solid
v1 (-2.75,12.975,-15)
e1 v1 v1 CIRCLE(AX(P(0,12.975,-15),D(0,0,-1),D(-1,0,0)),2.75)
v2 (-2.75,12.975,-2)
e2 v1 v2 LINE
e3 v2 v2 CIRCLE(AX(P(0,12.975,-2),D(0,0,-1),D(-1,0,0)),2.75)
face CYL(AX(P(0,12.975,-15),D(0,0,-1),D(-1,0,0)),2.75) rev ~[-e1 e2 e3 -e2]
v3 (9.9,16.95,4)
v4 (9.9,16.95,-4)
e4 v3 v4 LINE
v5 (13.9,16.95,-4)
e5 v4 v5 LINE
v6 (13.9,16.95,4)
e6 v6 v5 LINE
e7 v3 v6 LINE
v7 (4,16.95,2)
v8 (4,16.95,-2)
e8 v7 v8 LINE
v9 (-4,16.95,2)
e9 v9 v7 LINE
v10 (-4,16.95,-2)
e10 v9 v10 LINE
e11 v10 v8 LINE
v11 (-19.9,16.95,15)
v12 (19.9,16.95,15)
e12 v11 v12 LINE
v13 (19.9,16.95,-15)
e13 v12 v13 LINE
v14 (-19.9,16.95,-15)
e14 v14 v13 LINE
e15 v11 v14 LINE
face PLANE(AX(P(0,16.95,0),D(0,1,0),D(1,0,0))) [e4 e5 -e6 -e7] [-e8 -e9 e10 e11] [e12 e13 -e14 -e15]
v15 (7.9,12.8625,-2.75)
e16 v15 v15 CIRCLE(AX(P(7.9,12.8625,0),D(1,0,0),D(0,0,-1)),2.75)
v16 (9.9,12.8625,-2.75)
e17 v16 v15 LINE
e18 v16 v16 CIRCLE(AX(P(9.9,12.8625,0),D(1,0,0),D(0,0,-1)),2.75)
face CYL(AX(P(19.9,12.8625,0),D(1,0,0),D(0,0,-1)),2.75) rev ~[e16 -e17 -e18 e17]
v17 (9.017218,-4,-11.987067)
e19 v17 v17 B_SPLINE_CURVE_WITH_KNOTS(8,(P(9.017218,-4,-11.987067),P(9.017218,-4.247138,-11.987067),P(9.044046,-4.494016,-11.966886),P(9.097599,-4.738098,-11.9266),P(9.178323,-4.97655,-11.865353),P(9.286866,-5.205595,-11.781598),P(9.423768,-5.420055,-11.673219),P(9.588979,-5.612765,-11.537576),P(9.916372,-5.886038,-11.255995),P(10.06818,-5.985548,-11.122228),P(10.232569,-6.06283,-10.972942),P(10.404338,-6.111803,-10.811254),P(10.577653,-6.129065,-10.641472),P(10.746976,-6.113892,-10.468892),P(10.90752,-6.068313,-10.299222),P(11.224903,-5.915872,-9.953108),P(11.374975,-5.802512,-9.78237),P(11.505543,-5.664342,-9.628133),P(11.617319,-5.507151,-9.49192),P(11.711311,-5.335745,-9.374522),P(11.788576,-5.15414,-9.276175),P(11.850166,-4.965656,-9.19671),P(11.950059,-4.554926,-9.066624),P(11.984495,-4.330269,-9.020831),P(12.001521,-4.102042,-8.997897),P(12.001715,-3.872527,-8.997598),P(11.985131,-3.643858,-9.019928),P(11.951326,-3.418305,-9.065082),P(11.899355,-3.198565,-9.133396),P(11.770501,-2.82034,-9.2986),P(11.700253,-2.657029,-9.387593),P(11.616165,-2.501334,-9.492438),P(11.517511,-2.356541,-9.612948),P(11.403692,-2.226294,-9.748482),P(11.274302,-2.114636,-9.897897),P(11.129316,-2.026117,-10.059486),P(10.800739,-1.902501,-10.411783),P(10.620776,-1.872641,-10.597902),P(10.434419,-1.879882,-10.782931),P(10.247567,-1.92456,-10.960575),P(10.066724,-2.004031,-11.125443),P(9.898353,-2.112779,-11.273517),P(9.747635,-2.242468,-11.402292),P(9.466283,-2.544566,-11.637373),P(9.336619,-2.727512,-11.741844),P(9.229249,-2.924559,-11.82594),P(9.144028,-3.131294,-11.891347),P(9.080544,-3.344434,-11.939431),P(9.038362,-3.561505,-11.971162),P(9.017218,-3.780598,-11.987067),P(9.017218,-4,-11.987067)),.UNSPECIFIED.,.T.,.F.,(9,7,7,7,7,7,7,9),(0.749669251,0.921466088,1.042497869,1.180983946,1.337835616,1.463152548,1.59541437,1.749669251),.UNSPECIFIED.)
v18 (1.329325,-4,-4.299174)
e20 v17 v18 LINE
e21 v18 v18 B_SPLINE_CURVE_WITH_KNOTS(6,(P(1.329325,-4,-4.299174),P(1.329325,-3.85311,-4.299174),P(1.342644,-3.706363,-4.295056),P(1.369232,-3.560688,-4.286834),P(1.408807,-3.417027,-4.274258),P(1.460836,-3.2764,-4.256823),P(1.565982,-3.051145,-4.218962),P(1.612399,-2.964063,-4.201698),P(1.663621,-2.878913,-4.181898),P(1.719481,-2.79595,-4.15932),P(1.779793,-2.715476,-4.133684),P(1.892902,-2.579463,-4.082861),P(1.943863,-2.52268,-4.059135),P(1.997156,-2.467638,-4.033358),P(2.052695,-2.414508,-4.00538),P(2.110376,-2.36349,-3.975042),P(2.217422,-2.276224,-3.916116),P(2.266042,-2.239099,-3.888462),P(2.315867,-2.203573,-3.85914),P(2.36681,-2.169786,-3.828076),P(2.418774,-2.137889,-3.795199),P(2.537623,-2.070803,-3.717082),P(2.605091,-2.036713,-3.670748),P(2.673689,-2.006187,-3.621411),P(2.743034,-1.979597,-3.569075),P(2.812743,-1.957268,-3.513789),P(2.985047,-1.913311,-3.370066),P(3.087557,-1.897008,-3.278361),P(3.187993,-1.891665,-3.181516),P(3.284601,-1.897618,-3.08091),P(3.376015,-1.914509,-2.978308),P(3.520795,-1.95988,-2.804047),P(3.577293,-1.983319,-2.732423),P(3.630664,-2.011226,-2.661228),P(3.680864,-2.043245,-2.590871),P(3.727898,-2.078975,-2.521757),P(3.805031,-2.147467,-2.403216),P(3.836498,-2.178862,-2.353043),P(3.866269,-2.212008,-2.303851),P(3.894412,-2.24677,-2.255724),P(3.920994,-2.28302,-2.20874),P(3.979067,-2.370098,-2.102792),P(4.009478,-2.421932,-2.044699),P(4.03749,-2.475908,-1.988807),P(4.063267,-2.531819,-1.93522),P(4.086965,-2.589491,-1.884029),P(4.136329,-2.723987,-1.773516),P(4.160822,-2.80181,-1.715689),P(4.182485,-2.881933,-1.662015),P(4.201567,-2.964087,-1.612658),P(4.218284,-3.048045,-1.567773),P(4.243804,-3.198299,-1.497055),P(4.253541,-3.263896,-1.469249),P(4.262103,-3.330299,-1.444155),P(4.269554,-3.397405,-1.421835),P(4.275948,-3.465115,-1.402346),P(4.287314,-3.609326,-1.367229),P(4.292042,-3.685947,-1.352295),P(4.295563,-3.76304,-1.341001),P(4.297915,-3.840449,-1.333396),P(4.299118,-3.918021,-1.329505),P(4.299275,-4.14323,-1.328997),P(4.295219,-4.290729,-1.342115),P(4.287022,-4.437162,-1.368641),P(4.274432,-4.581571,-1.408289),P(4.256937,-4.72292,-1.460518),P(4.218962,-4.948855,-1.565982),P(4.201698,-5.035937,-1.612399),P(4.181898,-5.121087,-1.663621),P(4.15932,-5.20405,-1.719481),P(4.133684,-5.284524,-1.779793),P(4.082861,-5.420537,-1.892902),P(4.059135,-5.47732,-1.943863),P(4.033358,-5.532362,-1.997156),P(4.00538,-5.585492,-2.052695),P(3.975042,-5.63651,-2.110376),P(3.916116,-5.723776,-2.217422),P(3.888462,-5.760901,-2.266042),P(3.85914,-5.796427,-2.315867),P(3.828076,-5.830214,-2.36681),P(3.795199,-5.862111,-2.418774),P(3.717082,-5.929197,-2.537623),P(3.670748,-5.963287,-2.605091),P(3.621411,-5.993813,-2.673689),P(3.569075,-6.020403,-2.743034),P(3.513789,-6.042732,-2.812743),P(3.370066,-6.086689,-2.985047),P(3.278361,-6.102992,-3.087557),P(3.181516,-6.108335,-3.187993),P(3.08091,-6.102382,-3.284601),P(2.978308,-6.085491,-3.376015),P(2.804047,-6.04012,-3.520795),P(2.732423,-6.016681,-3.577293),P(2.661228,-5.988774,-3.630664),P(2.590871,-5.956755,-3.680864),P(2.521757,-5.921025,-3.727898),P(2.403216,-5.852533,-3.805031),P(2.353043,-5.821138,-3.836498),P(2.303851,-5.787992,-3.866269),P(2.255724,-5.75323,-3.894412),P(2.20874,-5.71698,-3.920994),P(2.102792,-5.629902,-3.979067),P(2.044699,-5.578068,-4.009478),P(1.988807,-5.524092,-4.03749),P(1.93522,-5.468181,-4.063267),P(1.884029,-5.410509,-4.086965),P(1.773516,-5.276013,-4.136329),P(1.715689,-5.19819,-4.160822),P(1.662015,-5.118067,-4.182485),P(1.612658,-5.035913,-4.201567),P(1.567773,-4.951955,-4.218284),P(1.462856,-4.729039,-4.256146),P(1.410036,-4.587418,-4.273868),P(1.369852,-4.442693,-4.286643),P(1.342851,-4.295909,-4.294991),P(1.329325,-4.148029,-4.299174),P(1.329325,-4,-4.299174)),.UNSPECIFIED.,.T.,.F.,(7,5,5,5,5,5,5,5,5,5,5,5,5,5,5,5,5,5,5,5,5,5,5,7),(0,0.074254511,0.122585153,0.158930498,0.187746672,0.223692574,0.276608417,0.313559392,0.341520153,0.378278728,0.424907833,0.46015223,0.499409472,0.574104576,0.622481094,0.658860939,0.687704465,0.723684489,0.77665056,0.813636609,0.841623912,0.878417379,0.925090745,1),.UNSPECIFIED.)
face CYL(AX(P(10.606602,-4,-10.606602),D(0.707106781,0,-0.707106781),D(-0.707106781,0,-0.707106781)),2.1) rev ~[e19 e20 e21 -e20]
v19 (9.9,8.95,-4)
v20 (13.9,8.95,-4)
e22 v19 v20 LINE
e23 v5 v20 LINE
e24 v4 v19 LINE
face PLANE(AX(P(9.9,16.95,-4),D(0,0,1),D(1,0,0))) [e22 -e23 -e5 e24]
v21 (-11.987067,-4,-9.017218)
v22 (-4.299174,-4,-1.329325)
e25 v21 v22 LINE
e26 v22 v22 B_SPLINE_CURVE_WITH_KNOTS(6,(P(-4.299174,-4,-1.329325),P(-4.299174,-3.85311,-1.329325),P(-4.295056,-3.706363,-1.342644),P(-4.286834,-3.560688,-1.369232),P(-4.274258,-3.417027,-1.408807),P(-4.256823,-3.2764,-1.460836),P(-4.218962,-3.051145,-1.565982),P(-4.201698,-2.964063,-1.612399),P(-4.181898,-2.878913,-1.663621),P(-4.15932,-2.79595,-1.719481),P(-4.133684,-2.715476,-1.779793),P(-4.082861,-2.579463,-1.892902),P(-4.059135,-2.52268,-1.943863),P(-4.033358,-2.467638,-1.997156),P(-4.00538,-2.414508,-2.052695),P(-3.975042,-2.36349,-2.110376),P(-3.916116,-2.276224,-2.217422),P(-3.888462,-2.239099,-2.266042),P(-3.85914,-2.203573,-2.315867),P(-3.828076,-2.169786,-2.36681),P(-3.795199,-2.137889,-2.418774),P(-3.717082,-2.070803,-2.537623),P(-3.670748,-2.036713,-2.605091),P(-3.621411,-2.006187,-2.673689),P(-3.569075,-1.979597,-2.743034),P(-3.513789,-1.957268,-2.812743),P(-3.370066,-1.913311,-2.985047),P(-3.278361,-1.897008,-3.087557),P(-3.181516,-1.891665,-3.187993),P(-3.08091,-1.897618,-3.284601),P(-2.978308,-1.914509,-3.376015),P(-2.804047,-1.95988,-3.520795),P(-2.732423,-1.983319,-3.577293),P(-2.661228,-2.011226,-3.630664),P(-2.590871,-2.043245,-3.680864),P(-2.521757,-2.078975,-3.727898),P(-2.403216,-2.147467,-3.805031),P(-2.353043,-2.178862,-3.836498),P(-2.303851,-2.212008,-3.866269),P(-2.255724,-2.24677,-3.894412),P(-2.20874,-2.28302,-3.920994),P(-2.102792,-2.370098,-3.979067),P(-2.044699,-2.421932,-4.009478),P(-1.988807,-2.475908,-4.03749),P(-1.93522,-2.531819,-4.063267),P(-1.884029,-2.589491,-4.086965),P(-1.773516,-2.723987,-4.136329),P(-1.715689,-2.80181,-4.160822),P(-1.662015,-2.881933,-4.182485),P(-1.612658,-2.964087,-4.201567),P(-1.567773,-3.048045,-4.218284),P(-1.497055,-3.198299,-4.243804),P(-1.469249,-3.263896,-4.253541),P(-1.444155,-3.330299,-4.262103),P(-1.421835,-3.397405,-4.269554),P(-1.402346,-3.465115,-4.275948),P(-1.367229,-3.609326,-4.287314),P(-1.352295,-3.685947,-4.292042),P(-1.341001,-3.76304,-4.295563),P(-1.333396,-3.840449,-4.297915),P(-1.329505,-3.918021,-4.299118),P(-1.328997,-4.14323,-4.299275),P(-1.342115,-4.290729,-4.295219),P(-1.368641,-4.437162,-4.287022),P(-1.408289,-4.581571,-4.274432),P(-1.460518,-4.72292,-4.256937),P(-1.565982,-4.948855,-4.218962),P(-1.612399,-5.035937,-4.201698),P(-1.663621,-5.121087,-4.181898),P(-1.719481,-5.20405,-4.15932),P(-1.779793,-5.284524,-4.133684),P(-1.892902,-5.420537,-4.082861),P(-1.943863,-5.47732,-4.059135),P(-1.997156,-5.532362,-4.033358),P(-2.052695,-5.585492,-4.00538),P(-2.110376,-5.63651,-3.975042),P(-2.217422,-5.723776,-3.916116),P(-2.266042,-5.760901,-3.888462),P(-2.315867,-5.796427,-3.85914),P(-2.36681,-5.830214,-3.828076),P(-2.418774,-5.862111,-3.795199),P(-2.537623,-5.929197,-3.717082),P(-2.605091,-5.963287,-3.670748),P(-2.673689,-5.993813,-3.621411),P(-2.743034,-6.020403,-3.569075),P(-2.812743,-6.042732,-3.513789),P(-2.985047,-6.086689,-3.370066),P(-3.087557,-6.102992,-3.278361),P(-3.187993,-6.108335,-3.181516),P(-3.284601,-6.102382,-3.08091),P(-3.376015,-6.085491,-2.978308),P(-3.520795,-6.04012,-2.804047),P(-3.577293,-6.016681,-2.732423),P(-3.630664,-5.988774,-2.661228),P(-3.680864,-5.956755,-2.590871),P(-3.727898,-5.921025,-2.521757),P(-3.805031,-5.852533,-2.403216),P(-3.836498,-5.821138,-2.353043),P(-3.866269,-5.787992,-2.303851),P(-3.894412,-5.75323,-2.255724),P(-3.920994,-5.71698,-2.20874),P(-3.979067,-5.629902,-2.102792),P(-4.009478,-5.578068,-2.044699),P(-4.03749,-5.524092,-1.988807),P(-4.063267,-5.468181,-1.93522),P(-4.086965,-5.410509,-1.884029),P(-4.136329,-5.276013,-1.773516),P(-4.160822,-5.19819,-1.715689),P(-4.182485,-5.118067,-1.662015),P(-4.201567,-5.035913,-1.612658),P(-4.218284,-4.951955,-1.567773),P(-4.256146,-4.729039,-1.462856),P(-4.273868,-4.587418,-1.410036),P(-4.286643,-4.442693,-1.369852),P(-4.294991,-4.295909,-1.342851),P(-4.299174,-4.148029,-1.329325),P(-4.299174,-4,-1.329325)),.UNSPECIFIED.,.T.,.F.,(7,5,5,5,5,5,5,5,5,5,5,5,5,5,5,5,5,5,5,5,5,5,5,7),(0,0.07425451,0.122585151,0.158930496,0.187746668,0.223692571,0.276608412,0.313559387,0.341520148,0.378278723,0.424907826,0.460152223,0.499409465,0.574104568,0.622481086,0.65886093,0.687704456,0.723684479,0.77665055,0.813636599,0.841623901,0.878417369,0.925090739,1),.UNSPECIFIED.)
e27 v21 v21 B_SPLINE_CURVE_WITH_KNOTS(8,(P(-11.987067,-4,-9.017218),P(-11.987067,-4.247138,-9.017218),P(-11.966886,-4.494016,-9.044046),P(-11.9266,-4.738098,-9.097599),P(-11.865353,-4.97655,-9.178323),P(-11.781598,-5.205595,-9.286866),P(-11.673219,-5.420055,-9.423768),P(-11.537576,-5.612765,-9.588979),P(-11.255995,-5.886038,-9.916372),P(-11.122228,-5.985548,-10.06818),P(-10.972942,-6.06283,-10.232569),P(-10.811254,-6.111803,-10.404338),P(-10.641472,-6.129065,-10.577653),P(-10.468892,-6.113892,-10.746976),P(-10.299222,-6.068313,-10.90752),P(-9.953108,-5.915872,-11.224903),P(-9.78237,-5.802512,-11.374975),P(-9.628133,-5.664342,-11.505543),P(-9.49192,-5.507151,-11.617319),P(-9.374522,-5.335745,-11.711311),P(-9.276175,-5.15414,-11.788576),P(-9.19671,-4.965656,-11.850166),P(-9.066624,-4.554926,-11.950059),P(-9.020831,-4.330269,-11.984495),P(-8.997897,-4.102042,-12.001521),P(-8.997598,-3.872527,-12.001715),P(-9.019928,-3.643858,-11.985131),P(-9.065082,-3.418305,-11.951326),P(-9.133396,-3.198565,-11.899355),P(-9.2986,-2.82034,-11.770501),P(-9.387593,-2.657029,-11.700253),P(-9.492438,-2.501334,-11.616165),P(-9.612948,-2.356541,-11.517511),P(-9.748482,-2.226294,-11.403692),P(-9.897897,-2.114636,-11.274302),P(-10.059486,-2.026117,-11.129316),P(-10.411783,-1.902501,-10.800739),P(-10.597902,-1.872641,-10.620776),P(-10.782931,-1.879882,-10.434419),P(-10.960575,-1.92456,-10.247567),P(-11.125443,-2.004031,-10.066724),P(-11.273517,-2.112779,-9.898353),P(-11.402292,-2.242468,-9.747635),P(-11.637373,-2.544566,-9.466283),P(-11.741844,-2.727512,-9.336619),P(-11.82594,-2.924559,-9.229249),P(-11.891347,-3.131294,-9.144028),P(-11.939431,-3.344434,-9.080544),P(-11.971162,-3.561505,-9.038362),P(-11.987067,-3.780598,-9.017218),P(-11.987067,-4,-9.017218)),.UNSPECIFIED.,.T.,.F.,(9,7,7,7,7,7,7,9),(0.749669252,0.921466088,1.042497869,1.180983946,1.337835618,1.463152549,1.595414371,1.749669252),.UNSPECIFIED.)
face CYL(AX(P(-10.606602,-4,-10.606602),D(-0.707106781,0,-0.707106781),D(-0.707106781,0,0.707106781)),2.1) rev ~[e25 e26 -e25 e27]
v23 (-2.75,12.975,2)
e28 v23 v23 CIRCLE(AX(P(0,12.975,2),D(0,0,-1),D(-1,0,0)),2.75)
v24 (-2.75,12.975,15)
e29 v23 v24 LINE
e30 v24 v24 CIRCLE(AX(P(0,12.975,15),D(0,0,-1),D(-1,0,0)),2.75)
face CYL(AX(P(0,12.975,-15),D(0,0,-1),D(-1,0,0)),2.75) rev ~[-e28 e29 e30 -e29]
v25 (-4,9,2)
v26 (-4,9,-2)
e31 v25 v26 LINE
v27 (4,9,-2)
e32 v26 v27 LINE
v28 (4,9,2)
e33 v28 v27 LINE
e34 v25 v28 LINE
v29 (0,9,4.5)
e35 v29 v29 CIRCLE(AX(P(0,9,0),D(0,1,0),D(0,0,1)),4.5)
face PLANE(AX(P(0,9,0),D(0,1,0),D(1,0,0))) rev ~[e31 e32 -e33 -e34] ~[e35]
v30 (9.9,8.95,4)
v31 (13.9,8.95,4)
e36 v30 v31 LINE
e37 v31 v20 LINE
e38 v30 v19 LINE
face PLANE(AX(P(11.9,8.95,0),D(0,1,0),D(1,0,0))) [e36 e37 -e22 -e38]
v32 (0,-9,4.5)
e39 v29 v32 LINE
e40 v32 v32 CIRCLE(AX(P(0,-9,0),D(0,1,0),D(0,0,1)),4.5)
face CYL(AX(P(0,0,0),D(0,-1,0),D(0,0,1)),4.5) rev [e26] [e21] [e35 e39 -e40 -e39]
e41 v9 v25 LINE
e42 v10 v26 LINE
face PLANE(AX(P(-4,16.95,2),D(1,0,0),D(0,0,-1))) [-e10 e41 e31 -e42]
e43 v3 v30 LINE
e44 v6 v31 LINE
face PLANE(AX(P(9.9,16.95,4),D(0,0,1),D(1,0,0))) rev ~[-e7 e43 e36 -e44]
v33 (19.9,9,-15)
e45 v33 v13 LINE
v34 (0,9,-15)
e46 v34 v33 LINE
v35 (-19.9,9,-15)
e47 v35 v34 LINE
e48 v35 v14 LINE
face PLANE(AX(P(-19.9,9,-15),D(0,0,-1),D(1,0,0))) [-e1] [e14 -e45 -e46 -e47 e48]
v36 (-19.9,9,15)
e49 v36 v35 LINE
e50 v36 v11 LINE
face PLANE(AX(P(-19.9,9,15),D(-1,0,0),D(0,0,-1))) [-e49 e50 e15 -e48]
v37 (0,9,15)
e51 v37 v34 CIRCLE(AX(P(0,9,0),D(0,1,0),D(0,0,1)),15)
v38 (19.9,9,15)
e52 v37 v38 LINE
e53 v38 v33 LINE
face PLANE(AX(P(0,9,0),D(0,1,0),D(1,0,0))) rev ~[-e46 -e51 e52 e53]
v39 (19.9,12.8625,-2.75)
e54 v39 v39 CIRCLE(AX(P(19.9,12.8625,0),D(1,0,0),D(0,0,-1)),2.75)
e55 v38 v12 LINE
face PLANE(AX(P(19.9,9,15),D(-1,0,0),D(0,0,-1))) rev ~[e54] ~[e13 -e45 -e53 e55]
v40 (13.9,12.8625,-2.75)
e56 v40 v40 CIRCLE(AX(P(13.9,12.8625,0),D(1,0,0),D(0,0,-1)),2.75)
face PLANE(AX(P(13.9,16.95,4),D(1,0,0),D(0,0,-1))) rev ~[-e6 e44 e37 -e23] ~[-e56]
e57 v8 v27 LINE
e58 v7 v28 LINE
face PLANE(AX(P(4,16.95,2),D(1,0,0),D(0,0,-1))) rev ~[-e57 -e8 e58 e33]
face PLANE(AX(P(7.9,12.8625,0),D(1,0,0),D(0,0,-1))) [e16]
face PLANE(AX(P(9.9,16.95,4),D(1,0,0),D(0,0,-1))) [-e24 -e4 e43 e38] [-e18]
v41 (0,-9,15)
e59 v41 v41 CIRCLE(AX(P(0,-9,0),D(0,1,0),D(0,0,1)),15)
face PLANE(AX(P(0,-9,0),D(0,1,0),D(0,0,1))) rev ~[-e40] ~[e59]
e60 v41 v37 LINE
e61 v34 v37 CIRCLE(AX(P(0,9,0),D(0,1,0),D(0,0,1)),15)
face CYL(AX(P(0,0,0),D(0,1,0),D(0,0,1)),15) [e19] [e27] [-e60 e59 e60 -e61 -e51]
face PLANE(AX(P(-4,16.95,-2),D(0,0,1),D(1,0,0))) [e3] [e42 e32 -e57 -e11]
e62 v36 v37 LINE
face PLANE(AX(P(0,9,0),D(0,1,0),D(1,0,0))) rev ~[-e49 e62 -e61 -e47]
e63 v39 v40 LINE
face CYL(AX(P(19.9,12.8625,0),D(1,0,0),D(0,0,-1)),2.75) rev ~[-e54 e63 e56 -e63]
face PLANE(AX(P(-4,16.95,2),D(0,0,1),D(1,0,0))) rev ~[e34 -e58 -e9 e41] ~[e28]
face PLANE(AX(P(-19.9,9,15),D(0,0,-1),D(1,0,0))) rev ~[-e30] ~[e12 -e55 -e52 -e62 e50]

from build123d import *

# Parameters (mm, degrees)
SKETCH1_R              = 15
SKETCH1_R_2            = 4.5
BOSS_EXTRUDE1_DEPTH    = 9
SKETCH2_W              = 39.8
SKETCH2_H              = 30
BOSS_EXTRUDE2_DEPTH    = 7.95
M5_TAPPED_HOLE1_REACH  = 45.286
M5_TAPPED_HOLE1_BORE_R = 2.1
M5_TAPPED_HOLE2_REACH  = 45.286
M5_TAPPED_HOLE2_BORE_R = 2.1
SKETCH3_R              = 2.75
CUT_EXTRUDE1_DEPTH     = 40.790859579
SKETCH35_W             = 8
SKETCH35_H             = 4
SKETCH35_W_2           = 4
SKETCH35_H_2           = 8
CUT_EXTRUDE4_DEPTH     = 8
SKETCH40_R             = 2.75
CUT_EXTRUDE5_DEPTH     = 12


with BuildPart() as part:
    # Sketch1 → Boss-Extrude1 (new, symmetric)
    with BuildSketch(Plane(origin=(0, 0, 0), x_dir=(1, 0, 0), z_dir=(0, 1, 0))):
        with Locations(Location((0, 0, 0), (0, 0, 270))):
            Circle(SKETCH1_R)
        with Locations(Location((0, 0, 0), (0, 0, 270))):
            Circle(SKETCH1_R_2, mode=Mode.SUBTRACT)
    extrude(amount=BOSS_EXTRUDE1_DEPTH, both=True)

    # Sketch2 → Boss-Extrude2 (add)
    with BuildSketch(Plane(origin=(0, 9, 0), x_dir=(1, 0, 0), z_dir=(0, 1, 0))):
        Rectangle(SKETCH2_W, SKETCH2_H)
    extrude(amount=BOSS_EXTRUDE2_DEPTH)

    # M5 Tapped Hole1 bore → M5 Tapped Hole1 (cut, up to next)
    with BuildSketch(Plane(origin=(10.606601718, 0, -10.606601718), x_dir=(-0.7071067811865476, 0, -0.7071067811865476), z_dir=(0.7071067811865476, 0, -0.7071067811865476)), mode=Mode.PRIVATE) as m5_tapped_hole1_sk1:
        with Locations((0, -4)):
            Circle(M5_TAPPED_HOLE1_BORE_R)
    m5_tapped_hole1_tool1 = extrude(m5_tapped_hole1_sk1.sketch, amount=-M5_TAPPED_HOLE1_REACH, mode=Mode.PRIVATE) & part.part
    add(m5_tapped_hole1_tool1.solids().sort_by_distance((10.606602, -4, -10.606602))[0], mode=Mode.SUBTRACT)

    # M5 Tapped Hole2 bore → M5 Tapped Hole2 (cut, up to next)
    with BuildSketch(Plane(origin=(-10.606601718, 0, -10.606601718), x_dir=(-0.7071067811865476, 0, 0.7071067811865476), z_dir=(-0.7071067811865476, 0, -0.7071067811865476)), mode=Mode.PRIVATE) as m5_tapped_hole2_sk1:
        with Locations((0, -4)):
            Circle(M5_TAPPED_HOLE2_BORE_R)
    m5_tapped_hole2_tool1 = extrude(m5_tapped_hole2_sk1.sketch, amount=-M5_TAPPED_HOLE2_REACH, mode=Mode.PRIVATE) & part.part
    add(m5_tapped_hole2_tool1.solids().sort_by_distance((-10.606602, -4, -10.606602))[0], mode=Mode.SUBTRACT)

    # Sketch3 → Cut-Extrude1 (cut, through all)
    with BuildSketch(Plane(origin=(0, 0, -15), x_dir=(-1, 0, 0), z_dir=(0, 0, -1))):
        with Locations((0, 12.975)):
            Circle(SKETCH3_R)
    extrude(amount=-CUT_EXTRUDE1_DEPTH, mode=Mode.SUBTRACT)

    # Sketch35 → Cut-Extrude4 (cut)
    with BuildSketch(Plane(origin=(0, 16.95, 0), x_dir=(1, 0, 0), z_dir=(0, 1, 0))):
        Rectangle(SKETCH35_W, SKETCH35_H)
        with Locations((11.9, 0)):
            Rectangle(SKETCH35_W_2, SKETCH35_H_2)
    extrude(amount=-CUT_EXTRUDE4_DEPTH, mode=Mode.SUBTRACT)

    # Sketch40 → Cut-Extrude5 (cut)
    with BuildSketch(Plane(origin=(19.9, 0, 0), x_dir=(0, 0, -1), z_dir=(1, 0, 0))):
        with Locations((0, 12.8625)):
            Circle(SKETCH40_R)
    extrude(amount=-CUT_EXTRUDE5_DEPTH, mode=Mode.SUBTRACT)


solid = part.part
